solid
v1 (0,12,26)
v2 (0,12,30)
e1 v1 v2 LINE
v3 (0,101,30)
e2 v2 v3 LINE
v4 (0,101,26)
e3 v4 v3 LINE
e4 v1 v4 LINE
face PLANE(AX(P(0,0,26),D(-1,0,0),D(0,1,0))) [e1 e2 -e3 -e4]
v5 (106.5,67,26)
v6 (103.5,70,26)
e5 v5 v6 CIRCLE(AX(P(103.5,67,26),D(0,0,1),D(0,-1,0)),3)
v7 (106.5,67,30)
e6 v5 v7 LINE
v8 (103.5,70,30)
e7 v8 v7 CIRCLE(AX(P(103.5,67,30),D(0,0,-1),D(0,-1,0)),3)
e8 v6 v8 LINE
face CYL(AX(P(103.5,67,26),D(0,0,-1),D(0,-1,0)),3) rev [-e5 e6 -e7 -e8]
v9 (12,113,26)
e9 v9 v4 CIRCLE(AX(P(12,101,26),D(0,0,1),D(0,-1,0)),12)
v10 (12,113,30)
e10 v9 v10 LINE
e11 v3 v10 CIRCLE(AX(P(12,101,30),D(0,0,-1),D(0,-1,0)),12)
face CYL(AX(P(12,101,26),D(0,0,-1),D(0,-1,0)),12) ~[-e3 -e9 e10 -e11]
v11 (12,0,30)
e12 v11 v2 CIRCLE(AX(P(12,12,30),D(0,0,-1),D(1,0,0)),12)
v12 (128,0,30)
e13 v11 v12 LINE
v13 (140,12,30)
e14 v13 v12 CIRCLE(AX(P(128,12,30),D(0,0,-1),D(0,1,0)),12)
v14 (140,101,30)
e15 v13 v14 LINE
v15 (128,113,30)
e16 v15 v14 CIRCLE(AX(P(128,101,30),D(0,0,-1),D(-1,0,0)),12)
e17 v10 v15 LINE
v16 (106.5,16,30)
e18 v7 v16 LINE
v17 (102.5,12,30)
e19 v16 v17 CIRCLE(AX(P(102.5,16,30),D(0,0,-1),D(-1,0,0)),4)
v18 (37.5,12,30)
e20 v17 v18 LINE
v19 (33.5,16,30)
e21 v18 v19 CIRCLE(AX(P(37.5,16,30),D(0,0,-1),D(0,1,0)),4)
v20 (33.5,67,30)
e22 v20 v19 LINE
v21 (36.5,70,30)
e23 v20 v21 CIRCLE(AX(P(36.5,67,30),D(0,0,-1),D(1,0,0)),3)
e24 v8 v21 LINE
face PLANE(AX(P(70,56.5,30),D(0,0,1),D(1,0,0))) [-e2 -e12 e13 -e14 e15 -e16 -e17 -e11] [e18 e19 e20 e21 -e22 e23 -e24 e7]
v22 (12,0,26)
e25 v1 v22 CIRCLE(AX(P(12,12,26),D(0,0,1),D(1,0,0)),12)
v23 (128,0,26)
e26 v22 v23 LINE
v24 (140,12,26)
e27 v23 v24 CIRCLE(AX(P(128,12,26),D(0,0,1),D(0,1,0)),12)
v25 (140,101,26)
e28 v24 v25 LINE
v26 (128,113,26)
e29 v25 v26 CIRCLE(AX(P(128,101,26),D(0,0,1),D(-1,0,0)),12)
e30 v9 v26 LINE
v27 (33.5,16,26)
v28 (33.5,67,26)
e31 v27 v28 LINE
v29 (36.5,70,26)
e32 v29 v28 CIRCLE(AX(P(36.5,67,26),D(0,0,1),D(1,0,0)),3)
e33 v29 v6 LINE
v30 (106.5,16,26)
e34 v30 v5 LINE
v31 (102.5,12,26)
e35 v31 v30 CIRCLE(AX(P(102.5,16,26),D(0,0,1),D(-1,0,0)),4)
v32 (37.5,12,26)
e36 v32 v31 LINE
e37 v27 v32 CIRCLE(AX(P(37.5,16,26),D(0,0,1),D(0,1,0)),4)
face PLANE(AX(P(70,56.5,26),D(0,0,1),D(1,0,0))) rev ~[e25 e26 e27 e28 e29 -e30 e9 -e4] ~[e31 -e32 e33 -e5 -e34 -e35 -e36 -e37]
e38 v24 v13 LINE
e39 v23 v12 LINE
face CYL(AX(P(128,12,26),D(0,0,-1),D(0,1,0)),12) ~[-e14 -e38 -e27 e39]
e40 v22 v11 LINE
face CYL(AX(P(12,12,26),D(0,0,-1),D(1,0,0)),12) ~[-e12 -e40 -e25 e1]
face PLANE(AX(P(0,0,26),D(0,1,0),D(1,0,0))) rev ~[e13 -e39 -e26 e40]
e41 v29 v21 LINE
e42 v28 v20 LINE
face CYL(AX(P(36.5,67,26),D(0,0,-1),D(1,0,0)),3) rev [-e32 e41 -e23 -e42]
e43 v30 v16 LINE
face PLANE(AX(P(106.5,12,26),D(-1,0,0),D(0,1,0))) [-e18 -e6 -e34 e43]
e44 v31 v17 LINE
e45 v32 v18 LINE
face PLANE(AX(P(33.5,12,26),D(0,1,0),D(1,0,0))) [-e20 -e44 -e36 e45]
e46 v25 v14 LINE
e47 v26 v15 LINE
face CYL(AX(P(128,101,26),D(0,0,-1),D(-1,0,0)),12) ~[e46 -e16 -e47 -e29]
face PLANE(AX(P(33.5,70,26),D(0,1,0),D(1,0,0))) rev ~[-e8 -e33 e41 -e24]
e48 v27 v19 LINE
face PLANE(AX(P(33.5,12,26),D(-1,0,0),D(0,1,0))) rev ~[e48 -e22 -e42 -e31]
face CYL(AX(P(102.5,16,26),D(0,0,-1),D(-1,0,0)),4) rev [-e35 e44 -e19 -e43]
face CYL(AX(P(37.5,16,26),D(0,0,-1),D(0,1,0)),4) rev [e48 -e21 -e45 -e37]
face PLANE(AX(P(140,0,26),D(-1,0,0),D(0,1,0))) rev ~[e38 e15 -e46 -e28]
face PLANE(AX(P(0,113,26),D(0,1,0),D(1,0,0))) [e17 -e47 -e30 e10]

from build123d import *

# Parameters (mm, degrees)
CYLINDER081_R          = 4
CYLINDER081_DEPTH      = 10
BOX058_W               = 4
BOX058_H               = 4
BOX058_DEPTH           = 10
CUT030_PLACEMENT_ANGLE = 180
CYLINDER077_R          = 3
CYLINDER077_DEPTH      = 10
BOX054_W               = 3
BOX054_H               = 3
BOX054_DEPTH           = 10
CYLINDER078_R          = 3
CYLINDER078_DEPTH      = 10
BOX055_W               = 3
BOX055_H               = 3
BOX055_DEPTH           = 10
CUT027_PLACEMENT_ANGLE = 270
CYLINDER080_R          = 4
CYLINDER080_DEPTH      = 10
BOX057_W               = 4
BOX057_H               = 4
BOX057_DEPTH           = 10
CUT029_PLACEMENT_ANGLE = 90
BOX053_W               = 73
BOX053_H               = 58
BOX053_DEPTH           = 10
CYLINDER074_R          = 12
CYLINDER074_DEPTH      = 10
BOX050_W               = 12
BOX050_H               = 12
BOX050_DEPTH           = 4
CUT022_PLACEMENT_ANGLE = 90
CYLINDER075_R          = 12
CYLINDER075_DEPTH      = 10
BOX051_W               = 12
BOX051_H               = 12
BOX051_DEPTH           = 4
CUT023_PLACEMENT_ANGLE = 180
CYLINDER076_R          = 12
CYLINDER076_DEPTH      = 10
BOX052_W               = 12
BOX052_H               = 12
BOX052_DEPTH           = 4
CUT024_PLACEMENT_ANGLE = 90
CYLINDER073_R          = 12
CYLINDER073_DEPTH      = 10
BOX049_W               = 12
BOX049_H               = 12
BOX049_DEPTH           = 4
BOX048_W               = 140
BOX048_H               = 113
BOX048_DEPTH           = 4


with BuildPart() as cylinder083:
    # Cylinder081 → Cylinder081 (new body)
    with BuildSketch(Plane(origin=(36.5, 67, 26), x_dir=(1, 0, 0), z_dir=(0, 0, 1))):
        Circle(CYLINDER081_R)
    extrude(amount=CYLINDER081_DEPTH)


with BuildPart() as outcutsdisplay004:
    # Box058 → Box058 (new body)
    with BuildSketch(Plane(origin=(32.5, 67, 26), x_dir=(1, 0, 0), z_dir=(0, 0, 1))):
        with Locations((2, 2)):
            Rectangle(BOX058_W, BOX058_H)
    extrude(amount=BOX058_DEPTH)

    # Cut030: cut Cylinder083
    add(cylinder083.part, mode=Mode.SUBTRACT)


with BuildPart() as outcutsdisplay004_1:
    # Cut030 placement: moved
    add(outcutsdisplay004.part.moved(Location((139, 83, 0))).rotate(Axis((139, 83, 0), (0, 0, 1)), CUT030_PLACEMENT_ANGLE))


with BuildPart() as cylinder079:
    # Cylinder077 → Cylinder077 (new body)
    with BuildSketch(Plane(origin=(36.5, 67, 26), x_dir=(1, 0, 0), z_dir=(0, 0, 1))):
        Circle(CYLINDER077_R)
    extrude(amount=CYLINDER077_DEPTH)


with BuildPart() as outcutsdisplay:
    # Box054 → Box054 (new body)
    with BuildSketch(Plane(origin=(33.5, 67, 26), x_dir=(1, 0, 0), z_dir=(0, 0, 1))):
        with Locations((1.5, 1.5)):
            Rectangle(BOX054_W, BOX054_H)
    extrude(amount=BOX054_DEPTH)

    # Cut026: cut Cylinder079
    add(cylinder079.part, mode=Mode.SUBTRACT)


with BuildPart() as cylinder080:
    # Cylinder078 → Cylinder078 (new body)
    with BuildSketch(Plane(origin=(36.5, 67, 26), x_dir=(1, 0, 0), z_dir=(0, 0, 1))):
        Circle(CYLINDER078_R)
    extrude(amount=CYLINDER078_DEPTH)


with BuildPart() as outcutsdisplay001:
    # Box055 → Box055 (new body)
    with BuildSketch(Plane(origin=(33.5, 67, 26), x_dir=(1, 0, 0), z_dir=(0, 0, 1))):
        with Locations((1.5, 1.5)):
            Rectangle(BOX055_W, BOX055_H)
    extrude(amount=BOX055_DEPTH)

    # Cut027: cut Cylinder080
    add(cylinder080.part, mode=Mode.SUBTRACT)


with BuildPart() as outcutsdisplay001_1:
    # Cut027 placement: moved
    add(outcutsdisplay001.part.moved(Location((36.5, 103.5, 0))).rotate(Axis((36.5, 103.5, 0), (0, 0, 1)), CUT027_PLACEMENT_ANGLE))


with BuildPart() as cylinder082:
    # Cylinder080 → Cylinder080 (new body)
    with BuildSketch(Plane(origin=(36.5, 67, 26), x_dir=(1, 0, 0), z_dir=(0, 0, 1))):
        Circle(CYLINDER080_R)
    extrude(amount=CYLINDER080_DEPTH)


with BuildPart() as displaycuts:
    # Box057 → Box057 (new body)
    with BuildSketch(Plane(origin=(32.5, 67, 26), x_dir=(1, 0, 0), z_dir=(0, 0, 1))):
        with Locations((2, 2)):
            Rectangle(BOX057_W, BOX057_H)
    extrude(amount=BOX057_DEPTH)

    # Cut029: cut Cylinder082
    add(cylinder082.part, mode=Mode.SUBTRACT)


with BuildPart() as displaycuts_1:
    # Cut029 placement: moved
    add(displaycuts.part.moved(Location((104.5, -20.5, 0))).rotate(Axis((104.5, -20.5, 0), (0, 0, 1)), CUT029_PLACEMENT_ANGLE))

    # Fusion041: union outCutsDisplay004, outCutsDisplay, outCutsDisplay001
    add(outcutsdisplay004_1.part)
    add(outcutsdisplay.part)
    add(outcutsdisplay001_1.part)


with BuildPart() as topcut:
    # Box053 → Box053 (new body)
    with BuildSketch(Plane(origin=(33.5, 12, 26), x_dir=(1, 0, 0), z_dir=(0, 0, 1))):
        with Locations((36.5, 29)):
            Rectangle(BOX053_W, BOX053_H)
    extrude(amount=BOX053_DEPTH)

    # Cut031: cut displayCuts
    add(displaycuts_1.part, mode=Mode.SUBTRACT)


with BuildPart() as cylinder076:
    # Cylinder074 → Cylinder074 (new body)
    with BuildSketch(Plane(origin=(12, 12, 0), x_dir=(1, 0, 0), z_dir=(0, 0, 1))):
        Circle(CYLINDER074_R)
    extrude(amount=CYLINDER074_DEPTH)


with BuildPart() as cutout006:
    # Box050 → Box050 (new body)
    with BuildSketch(Plane.XY):
        with Locations((6, 6)):
            Rectangle(BOX050_W, BOX050_H)
    extrude(amount=BOX050_DEPTH)

    # Cut022: cut Cylinder076
    add(cylinder076.part, mode=Mode.SUBTRACT)


with BuildPart() as cutout006_1:
    # Cut022 placement: moved
    add(cutout006.part.moved(Location((140, 0, 0))).rotate(Axis((140, 0, 0), (0, 0, 1)), CUT022_PLACEMENT_ANGLE))


with BuildPart() as cylinder077:
    # Cylinder075 → Cylinder075 (new body)
    with BuildSketch(Plane(origin=(12, 12, 0), x_dir=(1, 0, 0), z_dir=(0, 0, 1))):
        Circle(CYLINDER075_R)
    extrude(amount=CYLINDER075_DEPTH)


with BuildPart() as cutout007:
    # Box051 → Box051 (new body)
    with BuildSketch(Plane.XY):
        with Locations((6, 6)):
            Rectangle(BOX051_W, BOX051_H)
    extrude(amount=BOX051_DEPTH)

    # Cut023: cut Cylinder077
    add(cylinder077.part, mode=Mode.SUBTRACT)


with BuildPart() as cutout007_1:
    # Cut023 placement: moved
    add(cutout007.part.moved(Location((140, 113, 0))).rotate(Axis((140, 113, 0), (0, 0, 1)), CUT023_PLACEMENT_ANGLE))


with BuildPart() as cylinder078:
    # Cylinder076 → Cylinder076 (new body)
    with BuildSketch(Plane(origin=(12, 12, 0), x_dir=(1, 0, 0), z_dir=(0, 0, 1))):
        Circle(CYLINDER076_R)
    extrude(amount=CYLINDER076_DEPTH)


with BuildPart() as cutout008:
    # Box052 → Box052 (new body)
    with BuildSketch(Plane.XY):
        with Locations((6, 6)):
            Rectangle(BOX052_W, BOX052_H)
    extrude(amount=BOX052_DEPTH)

    # Cut024: cut Cylinder078
    add(cylinder078.part, mode=Mode.SUBTRACT)


with BuildPart() as cutout008_1:
    # Cut024 placement: moved
    add(cutout008.part.moved(Location((0, 113, 0))).rotate(Axis((0, 113, 0), (0, 0, -1)), CUT024_PLACEMENT_ANGLE))


with BuildPart() as cylinder075:
    # Cylinder073 → Cylinder073 (new body)
    with BuildSketch(Plane(origin=(12, 12, 0), x_dir=(1, 0, 0), z_dir=(0, 0, 1))):
        Circle(CYLINDER073_R)
    extrude(amount=CYLINDER073_DEPTH)


with BuildPart() as cutout009:
    # Box049 → Box049 (new body)
    with BuildSketch(Plane.XY):
        with Locations((6, 6)):
            Rectangle(BOX049_W, BOX049_H)
    extrude(amount=BOX049_DEPTH)

    # Cut021: cut Cylinder075
    add(cylinder075.part, mode=Mode.SUBTRACT)

    # Fusion040: union cutOut006, cutOut007, cutOut008
    add(cutout006_1.part)
    add(cutout007_1.part)
    add(cutout008_1.part)


with BuildPart() as top002:
    # Box048 → Box048 (new body)
    with BuildSketch(Plane.XY):
        with Locations((70, 56.5)):
            Rectangle(BOX048_W, BOX048_H)
    extrude(amount=BOX048_DEPTH)

    # Cut025: cut cutOut009
    add(cutout009.part, mode=Mode.SUBTRACT)


with BuildPart() as top002_1:
    # Cut025 placement: moved
    add(top002.part.moved(Location((0, 0, 26))))

    # Cut032: cut topCut
    add(topcut.part, mode=Mode.SUBTRACT)


solid = top002_1.part
